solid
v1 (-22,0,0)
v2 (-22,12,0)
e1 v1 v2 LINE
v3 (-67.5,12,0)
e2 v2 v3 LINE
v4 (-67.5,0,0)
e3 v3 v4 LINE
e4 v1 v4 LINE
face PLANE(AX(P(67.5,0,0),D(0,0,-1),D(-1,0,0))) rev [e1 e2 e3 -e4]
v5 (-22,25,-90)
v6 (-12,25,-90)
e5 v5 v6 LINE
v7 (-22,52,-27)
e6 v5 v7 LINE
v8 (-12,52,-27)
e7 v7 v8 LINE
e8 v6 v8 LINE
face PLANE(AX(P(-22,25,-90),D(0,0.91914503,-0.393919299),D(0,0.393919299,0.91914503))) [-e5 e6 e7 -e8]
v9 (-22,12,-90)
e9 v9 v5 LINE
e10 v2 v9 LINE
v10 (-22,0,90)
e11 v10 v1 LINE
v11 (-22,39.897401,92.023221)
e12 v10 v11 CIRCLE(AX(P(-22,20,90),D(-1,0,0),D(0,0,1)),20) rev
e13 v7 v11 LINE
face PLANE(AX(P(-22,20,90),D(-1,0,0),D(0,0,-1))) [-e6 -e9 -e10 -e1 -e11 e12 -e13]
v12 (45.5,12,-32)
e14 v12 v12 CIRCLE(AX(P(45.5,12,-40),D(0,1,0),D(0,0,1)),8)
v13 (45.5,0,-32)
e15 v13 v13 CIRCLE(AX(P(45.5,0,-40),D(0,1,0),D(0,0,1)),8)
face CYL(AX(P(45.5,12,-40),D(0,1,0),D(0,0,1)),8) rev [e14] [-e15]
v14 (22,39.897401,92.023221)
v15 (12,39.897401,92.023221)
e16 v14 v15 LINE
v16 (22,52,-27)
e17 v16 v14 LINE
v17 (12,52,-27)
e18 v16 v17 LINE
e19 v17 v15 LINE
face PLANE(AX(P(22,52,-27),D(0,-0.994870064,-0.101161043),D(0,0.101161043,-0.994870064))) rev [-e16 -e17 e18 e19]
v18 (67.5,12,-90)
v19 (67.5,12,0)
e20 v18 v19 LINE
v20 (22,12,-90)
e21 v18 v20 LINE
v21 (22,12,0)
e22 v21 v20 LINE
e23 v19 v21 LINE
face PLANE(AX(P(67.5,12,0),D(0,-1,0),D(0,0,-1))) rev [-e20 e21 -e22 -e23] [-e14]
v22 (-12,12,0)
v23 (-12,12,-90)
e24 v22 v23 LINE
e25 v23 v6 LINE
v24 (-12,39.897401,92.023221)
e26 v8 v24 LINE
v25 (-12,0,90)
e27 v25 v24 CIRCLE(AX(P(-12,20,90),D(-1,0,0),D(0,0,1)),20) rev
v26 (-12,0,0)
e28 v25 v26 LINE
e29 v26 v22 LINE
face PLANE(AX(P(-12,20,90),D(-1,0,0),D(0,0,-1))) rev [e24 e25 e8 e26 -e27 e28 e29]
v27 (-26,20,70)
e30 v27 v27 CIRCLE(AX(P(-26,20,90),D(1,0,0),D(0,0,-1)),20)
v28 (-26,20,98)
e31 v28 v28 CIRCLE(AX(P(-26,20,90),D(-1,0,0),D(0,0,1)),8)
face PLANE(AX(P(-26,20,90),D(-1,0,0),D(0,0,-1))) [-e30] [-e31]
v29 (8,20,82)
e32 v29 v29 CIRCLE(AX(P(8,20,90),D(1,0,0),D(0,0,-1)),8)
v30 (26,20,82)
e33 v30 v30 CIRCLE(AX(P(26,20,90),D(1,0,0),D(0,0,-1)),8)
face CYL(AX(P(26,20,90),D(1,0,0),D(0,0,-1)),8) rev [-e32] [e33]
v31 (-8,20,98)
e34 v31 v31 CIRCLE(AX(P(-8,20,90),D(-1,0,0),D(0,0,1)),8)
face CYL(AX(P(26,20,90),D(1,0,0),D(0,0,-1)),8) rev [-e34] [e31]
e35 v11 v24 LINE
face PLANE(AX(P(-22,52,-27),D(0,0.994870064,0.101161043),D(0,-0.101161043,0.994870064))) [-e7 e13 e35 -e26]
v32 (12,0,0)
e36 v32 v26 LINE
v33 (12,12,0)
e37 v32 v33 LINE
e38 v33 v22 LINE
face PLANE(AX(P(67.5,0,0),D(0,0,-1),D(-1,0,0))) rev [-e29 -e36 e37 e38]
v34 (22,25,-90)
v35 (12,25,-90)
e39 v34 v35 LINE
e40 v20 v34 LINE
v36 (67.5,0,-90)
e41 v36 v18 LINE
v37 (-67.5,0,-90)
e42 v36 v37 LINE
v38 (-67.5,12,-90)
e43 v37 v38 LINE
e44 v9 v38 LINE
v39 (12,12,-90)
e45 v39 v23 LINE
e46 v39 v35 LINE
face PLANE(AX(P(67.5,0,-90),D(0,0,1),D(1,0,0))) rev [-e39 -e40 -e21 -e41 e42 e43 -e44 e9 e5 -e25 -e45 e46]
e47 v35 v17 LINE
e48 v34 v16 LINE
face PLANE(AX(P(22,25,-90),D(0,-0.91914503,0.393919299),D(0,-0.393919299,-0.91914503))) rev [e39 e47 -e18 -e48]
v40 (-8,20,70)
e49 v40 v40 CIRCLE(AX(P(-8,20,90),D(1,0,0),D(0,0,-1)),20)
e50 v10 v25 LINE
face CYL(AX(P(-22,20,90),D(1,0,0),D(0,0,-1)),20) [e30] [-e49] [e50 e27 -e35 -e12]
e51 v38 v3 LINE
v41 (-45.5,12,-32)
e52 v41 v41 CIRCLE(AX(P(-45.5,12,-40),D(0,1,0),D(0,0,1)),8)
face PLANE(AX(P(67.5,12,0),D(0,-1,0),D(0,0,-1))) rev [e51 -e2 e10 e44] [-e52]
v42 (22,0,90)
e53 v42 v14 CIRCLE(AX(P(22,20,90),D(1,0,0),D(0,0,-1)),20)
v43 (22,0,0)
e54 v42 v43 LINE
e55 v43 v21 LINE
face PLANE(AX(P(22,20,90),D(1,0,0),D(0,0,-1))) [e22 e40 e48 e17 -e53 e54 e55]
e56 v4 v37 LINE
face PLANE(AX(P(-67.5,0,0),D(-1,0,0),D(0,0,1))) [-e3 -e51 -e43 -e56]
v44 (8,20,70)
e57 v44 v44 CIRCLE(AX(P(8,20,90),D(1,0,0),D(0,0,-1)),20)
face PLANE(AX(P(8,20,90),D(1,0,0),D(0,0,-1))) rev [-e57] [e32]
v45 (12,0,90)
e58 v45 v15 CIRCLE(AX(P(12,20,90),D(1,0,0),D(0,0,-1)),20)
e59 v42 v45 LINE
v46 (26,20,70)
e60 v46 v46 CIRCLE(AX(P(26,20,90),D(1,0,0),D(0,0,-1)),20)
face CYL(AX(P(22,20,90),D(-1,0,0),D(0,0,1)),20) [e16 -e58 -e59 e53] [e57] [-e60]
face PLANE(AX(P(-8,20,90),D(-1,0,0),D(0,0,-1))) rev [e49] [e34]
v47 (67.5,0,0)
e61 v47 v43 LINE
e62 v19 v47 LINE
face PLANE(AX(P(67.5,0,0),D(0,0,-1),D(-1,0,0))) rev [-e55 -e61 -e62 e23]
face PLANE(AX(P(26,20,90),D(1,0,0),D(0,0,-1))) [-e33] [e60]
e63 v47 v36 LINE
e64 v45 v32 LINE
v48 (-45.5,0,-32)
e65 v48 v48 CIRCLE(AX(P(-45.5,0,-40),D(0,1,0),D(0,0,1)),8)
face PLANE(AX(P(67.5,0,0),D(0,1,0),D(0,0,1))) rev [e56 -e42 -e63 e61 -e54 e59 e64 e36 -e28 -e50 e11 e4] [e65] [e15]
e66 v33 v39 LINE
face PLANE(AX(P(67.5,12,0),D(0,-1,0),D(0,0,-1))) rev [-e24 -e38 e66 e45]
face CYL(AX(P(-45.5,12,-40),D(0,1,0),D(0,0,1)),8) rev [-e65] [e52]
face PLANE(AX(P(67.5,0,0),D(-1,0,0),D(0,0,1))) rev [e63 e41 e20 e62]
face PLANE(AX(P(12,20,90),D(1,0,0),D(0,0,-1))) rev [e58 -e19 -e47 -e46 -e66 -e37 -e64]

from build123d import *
from build123d.topology import SkipClean

# Parameters (mm, degrees)
SKETCH1_W           = 90
SKETCH1_H           = 12
BOSS_EXTRUDE1_DEPTH = 67.5
BOSS_EXTRUDE2_START = 12
BOSS_EXTRUDE2_DEPTH = 10
BOSS_EXTRUDE3_START = -14
SKETCH3_R           = 20
BOSS_EXTRUDE3_DEPTH = 18
HOLE1_D             = 16
HOLE2_D             = 16


with BuildPart() as part:
    # Sketch1 → Boss-Extrude1 (new, symmetric)
    with BuildSketch(Plane(origin=(0, 0, 0), x_dir=(0, 0, -1), z_dir=(1, 0, 0))):
        with Locations((45, 6)):
            Rectangle(SKETCH1_W, SKETCH1_H)
    extrude(amount=BOSS_EXTRUDE1_DEPTH, both=True)

    # Sketch2 → Boss-Extrude2 (add)
    with BuildSketch(Plane(origin=(0, 0, 0), x_dir=(0, 0, -1), z_dir=(1, 0, 0)).offset(BOSS_EXTRUDE2_START)):
        with BuildLine():
            Line((90, 12), (0, 12))
            Line((0, 12), (0, 0))
            Line((0, 0), (-90, 0))
            ThreePointArc((-90, 0), (-109.974333849, 18.987089694), (-92.023220861, 39.897401271))
            Line((-92.023220861, 39.897401271), (27, 52))
            Line((27, 52), (90, 25))
            Line((90, 25), (90, 12))
        make_face()
    boss_extrude2 = extrude(amount=BOSS_EXTRUDE2_DEPTH)

    # Sketch3 → Boss-Extrude3 (add)
    with SkipClean():  # the faces are left unmerged after this step: merging them gives an invalid solid
        with BuildSketch(Plane(origin=(22, 0, 0), x_dir=(0, 0, -1), z_dir=(1, 0, 0)).offset(BOSS_EXTRUDE3_START)):
            with Locations((-90, 20)):
                Circle(SKETCH3_R)
        boss_extrude3 = extrude(amount=BOSS_EXTRUDE3_DEPTH)

    # Mirror1: Boss-Extrude2, Boss-Extrude3 across plane
    with SkipClean():  # the faces are left unmerged after this step: merging them gives an invalid solid
        add(boss_extrude2.mirror(Plane(origin=(0, 0, 0), x_dir=(0, 0, 1), z_dir=(1, 0, 0))))
        add(boss_extrude3.mirror(Plane(origin=(0, 0, 0), x_dir=(0, 0, 1), z_dir=(1, 0, 0))))

    # Hole1 (through all)
    with Locations(Plane(origin=(26, 0, 0), x_dir=(0, 0, -1), z_dir=(1, 0, 0))):
        with Locations((-90, 20)):
            Hole(HOLE1_D / 2)

    # Hole2 (through all)
    with Locations(Plane(origin=(0, 12, 0), x_dir=(1, 0, 0), z_dir=(0, 1, 0))):
        with Locations((45.5, 40)):
            hole2 = Hole(HOLE2_D / 2)

    # Mirror2: Hole2 across plane
    with SkipClean():  # the faces are left unmerged after this step: merging them gives an invalid solid
        add(hole2.mirror(Plane(origin=(0, 0, 0), x_dir=(0, 0, 1), z_dir=(1, 0, 0))), mode=Mode.SUBTRACT)


solid = part.part
